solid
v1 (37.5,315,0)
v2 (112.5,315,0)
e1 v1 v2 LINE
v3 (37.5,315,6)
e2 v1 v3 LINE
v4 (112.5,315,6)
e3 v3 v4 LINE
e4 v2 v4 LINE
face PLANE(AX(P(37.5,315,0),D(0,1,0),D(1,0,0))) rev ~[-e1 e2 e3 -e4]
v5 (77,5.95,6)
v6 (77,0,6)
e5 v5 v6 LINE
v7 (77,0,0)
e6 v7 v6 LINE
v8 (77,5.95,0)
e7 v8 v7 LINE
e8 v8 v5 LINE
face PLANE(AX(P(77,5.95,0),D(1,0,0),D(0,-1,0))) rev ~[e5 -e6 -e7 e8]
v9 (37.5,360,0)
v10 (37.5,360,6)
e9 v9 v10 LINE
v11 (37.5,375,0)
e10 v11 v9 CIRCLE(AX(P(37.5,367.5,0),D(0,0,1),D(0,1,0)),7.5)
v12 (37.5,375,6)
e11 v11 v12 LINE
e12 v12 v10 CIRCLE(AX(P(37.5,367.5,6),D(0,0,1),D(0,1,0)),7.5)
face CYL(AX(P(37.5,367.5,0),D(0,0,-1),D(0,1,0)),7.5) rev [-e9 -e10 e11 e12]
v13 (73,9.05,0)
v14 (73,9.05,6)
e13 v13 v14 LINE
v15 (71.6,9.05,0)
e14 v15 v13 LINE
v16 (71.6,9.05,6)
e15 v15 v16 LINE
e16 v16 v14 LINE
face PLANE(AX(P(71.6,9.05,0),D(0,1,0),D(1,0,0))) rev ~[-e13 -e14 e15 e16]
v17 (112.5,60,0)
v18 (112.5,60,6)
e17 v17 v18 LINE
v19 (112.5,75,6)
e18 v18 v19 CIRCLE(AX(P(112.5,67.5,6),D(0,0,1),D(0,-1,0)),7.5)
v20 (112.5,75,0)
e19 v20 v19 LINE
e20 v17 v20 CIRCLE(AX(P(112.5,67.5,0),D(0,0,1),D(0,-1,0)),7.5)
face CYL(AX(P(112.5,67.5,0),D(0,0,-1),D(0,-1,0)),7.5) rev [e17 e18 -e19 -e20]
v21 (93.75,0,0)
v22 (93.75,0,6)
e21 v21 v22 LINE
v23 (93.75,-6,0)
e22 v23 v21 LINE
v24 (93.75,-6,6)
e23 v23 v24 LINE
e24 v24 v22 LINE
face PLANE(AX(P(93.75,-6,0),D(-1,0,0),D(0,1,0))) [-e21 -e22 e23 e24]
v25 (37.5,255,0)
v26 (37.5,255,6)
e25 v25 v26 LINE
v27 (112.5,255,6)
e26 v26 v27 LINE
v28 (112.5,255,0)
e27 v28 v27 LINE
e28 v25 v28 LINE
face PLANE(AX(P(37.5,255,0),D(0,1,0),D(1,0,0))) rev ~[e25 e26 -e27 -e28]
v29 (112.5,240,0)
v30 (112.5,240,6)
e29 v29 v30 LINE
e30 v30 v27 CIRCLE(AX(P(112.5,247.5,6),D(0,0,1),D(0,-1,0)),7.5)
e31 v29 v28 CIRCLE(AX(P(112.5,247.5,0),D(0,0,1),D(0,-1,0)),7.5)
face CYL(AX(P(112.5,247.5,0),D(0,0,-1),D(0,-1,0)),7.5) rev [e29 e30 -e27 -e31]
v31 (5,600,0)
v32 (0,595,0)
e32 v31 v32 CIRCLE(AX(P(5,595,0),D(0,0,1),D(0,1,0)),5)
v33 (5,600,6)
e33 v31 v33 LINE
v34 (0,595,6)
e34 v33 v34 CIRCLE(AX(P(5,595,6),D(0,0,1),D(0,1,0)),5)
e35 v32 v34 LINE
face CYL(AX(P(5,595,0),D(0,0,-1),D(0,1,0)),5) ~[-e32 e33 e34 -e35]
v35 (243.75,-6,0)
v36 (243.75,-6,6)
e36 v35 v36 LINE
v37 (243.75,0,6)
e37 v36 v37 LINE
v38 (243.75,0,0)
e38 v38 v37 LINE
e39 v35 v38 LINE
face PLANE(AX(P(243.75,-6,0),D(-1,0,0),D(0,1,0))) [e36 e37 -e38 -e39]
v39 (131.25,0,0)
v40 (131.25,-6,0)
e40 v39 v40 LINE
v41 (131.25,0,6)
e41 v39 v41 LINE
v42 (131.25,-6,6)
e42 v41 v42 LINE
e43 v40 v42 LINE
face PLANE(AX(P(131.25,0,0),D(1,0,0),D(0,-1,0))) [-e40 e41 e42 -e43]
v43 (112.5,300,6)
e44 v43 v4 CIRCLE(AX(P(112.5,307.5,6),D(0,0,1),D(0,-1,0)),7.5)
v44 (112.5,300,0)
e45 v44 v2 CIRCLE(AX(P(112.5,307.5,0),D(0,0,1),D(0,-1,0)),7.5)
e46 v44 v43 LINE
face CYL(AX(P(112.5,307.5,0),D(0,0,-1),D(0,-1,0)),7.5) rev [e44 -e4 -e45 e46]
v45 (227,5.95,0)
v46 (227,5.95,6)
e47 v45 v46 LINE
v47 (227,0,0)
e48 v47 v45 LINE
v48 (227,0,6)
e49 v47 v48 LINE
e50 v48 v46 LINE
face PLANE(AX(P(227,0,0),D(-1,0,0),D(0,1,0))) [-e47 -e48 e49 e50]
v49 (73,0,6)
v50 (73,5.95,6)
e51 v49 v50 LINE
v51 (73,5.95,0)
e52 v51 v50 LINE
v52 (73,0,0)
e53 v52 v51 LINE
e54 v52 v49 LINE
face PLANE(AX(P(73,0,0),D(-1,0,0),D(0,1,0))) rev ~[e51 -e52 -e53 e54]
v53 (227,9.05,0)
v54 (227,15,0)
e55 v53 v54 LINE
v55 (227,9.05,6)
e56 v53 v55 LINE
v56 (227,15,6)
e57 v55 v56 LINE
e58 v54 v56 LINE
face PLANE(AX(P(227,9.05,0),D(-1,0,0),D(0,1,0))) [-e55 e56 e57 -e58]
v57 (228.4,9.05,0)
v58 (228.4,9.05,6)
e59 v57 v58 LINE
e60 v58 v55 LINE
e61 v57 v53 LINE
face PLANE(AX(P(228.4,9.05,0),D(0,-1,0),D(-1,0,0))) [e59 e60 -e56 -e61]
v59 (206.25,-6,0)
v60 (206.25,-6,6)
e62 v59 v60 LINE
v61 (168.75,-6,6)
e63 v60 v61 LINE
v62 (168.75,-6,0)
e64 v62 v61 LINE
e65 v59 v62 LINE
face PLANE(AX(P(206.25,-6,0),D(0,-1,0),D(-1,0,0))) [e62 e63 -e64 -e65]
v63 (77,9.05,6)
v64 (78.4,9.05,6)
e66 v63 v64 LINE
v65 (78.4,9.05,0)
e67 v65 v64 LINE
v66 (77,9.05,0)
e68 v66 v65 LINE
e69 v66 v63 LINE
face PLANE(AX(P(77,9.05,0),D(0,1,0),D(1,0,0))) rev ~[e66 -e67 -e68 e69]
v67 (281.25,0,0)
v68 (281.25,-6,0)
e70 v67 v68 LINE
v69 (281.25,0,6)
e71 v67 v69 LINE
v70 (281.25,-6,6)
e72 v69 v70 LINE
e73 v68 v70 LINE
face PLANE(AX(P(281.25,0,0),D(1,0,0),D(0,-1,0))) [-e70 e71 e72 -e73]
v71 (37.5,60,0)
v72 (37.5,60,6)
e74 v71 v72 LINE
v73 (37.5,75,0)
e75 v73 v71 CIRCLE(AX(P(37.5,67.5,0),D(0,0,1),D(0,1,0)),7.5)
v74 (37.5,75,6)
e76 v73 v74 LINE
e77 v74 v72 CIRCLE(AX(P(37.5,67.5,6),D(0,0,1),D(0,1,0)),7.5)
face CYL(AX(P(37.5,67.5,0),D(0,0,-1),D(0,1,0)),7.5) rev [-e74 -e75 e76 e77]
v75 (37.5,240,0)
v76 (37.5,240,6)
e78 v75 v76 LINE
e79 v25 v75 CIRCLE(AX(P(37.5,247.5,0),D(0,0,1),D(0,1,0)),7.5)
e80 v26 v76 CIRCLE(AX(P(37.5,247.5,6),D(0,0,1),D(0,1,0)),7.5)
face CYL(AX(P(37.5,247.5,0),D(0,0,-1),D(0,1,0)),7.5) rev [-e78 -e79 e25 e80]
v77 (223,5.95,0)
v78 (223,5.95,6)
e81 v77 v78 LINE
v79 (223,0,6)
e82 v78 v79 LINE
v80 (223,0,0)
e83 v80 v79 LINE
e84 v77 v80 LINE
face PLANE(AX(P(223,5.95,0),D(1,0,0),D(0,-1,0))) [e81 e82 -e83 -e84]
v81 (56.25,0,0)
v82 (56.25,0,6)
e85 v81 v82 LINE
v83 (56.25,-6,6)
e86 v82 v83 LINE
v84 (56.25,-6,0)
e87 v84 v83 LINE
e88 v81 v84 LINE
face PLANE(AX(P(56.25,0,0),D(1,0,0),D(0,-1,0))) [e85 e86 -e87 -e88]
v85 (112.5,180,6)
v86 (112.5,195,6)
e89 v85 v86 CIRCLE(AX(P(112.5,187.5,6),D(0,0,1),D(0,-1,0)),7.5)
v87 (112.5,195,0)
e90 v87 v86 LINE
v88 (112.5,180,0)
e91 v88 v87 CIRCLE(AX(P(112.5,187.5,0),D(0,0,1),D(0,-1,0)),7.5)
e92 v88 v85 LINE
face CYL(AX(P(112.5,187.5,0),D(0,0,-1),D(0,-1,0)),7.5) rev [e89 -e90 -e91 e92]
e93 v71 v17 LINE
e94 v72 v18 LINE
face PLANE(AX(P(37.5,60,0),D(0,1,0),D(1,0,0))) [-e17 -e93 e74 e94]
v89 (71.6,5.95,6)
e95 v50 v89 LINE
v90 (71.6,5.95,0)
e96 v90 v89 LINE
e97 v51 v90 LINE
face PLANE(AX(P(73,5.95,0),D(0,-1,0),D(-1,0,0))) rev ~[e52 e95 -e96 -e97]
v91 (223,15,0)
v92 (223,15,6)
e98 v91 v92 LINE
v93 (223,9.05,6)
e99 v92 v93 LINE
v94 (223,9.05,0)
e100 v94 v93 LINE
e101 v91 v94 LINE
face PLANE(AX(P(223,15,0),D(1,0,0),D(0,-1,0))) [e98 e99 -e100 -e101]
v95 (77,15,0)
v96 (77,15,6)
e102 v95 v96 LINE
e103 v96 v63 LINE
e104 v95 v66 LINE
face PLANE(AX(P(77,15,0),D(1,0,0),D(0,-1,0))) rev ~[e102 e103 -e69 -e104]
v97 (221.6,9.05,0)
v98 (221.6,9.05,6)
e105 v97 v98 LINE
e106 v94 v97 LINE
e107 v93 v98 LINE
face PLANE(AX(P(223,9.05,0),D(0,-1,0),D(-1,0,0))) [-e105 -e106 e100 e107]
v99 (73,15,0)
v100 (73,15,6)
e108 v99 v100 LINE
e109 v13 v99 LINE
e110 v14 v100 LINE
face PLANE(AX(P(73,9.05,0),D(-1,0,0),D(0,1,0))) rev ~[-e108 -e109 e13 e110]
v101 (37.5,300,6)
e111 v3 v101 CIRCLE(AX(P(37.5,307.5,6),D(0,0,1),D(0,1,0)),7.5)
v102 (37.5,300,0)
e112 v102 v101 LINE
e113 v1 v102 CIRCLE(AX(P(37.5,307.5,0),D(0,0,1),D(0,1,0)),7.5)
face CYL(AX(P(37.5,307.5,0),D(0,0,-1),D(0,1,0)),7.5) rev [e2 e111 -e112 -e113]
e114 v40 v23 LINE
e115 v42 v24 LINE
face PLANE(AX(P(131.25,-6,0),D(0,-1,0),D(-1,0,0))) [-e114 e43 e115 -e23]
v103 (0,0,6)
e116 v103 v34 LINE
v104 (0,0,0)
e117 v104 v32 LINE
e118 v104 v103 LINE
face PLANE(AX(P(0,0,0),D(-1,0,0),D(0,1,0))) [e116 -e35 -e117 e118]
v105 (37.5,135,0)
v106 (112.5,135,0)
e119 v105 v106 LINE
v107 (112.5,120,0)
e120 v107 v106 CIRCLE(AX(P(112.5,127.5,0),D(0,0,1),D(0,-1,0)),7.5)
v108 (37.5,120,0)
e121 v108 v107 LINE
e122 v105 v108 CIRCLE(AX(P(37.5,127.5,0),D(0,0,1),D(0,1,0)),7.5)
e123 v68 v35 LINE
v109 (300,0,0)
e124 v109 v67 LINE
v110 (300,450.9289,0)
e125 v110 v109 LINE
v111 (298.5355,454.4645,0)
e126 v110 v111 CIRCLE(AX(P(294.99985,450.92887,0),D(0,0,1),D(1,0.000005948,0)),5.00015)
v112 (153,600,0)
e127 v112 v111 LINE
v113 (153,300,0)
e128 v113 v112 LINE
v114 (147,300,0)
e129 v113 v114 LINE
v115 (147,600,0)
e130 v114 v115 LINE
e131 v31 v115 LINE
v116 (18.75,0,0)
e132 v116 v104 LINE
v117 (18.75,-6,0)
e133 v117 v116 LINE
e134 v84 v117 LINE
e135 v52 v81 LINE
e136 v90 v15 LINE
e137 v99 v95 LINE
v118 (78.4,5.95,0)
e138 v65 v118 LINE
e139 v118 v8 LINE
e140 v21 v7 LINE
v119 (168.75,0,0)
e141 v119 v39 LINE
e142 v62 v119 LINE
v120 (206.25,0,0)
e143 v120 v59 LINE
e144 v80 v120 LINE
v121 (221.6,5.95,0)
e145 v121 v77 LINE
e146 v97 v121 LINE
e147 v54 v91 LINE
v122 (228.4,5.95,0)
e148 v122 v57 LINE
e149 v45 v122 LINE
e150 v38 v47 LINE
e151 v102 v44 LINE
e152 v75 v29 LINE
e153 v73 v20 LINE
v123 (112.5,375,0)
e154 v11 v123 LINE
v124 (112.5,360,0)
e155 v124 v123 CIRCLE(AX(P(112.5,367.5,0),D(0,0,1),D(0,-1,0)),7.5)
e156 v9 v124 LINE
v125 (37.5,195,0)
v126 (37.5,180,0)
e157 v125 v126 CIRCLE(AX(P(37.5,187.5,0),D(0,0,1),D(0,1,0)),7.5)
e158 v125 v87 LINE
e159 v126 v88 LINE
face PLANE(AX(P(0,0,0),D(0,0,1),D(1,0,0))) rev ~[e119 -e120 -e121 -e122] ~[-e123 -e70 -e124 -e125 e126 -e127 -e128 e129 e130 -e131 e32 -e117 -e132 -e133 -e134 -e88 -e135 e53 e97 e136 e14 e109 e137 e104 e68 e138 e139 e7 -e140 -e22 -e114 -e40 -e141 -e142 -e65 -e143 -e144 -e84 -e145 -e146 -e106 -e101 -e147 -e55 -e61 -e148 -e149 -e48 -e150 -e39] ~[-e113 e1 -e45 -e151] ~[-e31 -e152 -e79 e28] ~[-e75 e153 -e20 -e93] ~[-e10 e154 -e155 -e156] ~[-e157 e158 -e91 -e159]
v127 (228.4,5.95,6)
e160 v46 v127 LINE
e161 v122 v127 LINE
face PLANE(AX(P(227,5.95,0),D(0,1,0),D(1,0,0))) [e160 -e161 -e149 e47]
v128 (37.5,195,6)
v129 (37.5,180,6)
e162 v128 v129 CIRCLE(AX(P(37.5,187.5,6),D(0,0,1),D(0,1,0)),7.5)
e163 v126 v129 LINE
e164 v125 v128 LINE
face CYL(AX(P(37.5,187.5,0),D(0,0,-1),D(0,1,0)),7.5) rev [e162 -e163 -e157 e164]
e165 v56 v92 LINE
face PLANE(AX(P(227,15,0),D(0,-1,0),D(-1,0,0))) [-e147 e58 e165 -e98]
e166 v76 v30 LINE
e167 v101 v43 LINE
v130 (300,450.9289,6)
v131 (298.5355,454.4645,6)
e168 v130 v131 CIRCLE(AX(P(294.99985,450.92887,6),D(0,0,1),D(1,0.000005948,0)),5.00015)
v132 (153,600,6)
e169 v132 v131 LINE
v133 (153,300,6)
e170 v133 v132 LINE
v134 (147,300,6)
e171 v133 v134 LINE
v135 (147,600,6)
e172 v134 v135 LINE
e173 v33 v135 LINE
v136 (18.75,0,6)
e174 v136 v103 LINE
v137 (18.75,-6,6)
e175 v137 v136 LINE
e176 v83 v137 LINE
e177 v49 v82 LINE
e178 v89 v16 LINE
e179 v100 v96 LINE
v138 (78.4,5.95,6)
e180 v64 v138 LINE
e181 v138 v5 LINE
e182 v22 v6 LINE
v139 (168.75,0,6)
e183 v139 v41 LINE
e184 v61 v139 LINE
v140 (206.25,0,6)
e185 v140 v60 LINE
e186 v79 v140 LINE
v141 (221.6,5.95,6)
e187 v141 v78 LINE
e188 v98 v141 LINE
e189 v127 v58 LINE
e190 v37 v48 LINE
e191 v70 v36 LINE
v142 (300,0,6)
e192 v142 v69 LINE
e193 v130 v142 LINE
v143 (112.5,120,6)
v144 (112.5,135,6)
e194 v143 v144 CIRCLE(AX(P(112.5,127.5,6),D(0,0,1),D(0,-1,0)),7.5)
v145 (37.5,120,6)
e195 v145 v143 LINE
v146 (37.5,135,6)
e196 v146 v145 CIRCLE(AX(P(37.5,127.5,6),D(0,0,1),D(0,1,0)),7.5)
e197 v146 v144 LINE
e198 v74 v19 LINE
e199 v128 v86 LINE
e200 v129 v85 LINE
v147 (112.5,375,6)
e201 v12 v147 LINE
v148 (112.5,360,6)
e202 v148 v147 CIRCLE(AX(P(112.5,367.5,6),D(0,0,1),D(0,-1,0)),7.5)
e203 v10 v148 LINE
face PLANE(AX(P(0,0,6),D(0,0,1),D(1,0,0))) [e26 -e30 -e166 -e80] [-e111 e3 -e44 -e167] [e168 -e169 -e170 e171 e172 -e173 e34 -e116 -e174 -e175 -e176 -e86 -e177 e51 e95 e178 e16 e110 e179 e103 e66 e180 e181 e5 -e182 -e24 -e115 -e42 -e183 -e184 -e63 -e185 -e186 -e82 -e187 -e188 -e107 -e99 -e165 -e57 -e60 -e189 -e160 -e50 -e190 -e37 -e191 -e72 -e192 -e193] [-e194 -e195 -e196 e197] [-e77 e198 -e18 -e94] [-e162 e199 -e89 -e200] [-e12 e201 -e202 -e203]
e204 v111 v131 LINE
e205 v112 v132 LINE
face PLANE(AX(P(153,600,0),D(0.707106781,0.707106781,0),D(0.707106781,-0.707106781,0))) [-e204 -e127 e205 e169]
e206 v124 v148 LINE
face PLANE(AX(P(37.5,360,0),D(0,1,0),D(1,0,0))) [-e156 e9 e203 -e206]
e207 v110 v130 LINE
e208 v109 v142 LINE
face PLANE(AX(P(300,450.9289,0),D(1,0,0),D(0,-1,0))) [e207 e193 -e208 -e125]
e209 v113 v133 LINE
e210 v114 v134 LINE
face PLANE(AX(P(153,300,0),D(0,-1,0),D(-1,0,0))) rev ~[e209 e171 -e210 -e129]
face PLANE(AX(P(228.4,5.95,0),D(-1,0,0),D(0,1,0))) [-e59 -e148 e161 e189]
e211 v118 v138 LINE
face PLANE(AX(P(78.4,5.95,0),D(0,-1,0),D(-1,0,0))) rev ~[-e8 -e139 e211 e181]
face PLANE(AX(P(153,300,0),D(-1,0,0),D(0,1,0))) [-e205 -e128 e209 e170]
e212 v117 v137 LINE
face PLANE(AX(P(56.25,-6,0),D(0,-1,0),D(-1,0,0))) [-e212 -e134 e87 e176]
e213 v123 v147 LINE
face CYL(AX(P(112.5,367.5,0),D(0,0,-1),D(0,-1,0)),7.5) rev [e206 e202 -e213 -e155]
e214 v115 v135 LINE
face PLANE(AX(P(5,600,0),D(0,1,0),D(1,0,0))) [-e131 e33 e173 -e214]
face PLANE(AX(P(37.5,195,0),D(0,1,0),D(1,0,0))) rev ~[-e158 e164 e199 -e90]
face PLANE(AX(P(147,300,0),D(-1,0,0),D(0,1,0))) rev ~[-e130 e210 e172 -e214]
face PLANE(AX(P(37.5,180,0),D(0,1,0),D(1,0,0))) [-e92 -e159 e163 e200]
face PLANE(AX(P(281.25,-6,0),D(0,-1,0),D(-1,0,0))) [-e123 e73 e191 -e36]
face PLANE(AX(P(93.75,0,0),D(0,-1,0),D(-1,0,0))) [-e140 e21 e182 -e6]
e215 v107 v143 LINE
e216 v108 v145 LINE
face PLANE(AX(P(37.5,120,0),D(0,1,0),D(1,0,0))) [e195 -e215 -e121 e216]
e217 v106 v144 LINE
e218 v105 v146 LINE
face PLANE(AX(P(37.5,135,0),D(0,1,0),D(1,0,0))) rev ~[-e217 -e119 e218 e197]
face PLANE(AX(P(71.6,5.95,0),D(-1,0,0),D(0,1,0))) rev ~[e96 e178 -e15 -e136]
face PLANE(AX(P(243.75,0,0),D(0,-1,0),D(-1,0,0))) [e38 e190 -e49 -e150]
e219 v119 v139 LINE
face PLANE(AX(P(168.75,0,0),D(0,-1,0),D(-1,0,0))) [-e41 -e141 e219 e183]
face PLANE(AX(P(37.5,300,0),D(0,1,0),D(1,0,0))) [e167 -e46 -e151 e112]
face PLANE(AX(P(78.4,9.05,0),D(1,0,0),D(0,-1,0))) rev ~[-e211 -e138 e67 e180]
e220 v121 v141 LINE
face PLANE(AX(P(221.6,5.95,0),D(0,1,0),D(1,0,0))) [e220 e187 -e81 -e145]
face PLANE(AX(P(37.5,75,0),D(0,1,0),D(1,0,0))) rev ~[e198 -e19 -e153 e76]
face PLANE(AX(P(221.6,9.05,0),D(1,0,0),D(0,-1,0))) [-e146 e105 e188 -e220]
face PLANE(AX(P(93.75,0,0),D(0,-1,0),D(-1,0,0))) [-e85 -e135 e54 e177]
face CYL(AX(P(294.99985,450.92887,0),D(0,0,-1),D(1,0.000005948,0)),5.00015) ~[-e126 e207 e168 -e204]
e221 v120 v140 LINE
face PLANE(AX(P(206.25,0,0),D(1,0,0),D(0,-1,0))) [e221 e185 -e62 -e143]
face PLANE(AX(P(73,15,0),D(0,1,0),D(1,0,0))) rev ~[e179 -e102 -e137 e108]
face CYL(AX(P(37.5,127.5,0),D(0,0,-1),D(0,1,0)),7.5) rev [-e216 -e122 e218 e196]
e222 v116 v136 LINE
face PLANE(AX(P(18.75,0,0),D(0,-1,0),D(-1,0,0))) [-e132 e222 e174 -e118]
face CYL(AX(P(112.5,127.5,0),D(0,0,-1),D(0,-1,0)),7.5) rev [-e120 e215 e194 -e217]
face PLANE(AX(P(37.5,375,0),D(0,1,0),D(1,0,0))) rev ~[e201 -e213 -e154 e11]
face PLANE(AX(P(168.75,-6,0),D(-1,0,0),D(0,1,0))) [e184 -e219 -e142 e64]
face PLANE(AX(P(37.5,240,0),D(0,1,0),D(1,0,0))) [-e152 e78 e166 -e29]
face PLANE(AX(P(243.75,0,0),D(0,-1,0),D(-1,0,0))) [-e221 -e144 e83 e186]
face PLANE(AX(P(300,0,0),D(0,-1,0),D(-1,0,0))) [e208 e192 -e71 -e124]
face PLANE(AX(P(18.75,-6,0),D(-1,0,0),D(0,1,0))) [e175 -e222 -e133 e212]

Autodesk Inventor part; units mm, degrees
ref_plane "YZ Plane" through (0, 0, 0) normal (1, 0, 0) x (0, 1, 0)
ref_plane "XZ Plane" through (0, 0, 0) normal (0, 1, 0) x (-1, 0, 0)
ref_plane "XY Plane" through (0, 0, 0) normal (0, 0, 1) x (1, 0, 0)
sketch "Эскиз1" plane through (0, 0, 0) normal (0, 0, 1) x (1, 0, 0)
  line L0 (0, 0) -> (0, 595)
  line L1 (5, 600) -> (147, 600)
  line L2 (153, 600) -> (298.5355, 454.4645)
  line L3 (300, 450.9289) -> (300, 0)
  line L4 (300, 0) -> (281.25, 0)
  line L5 (281.25, 0) -> (281.25, -6)
  line L6 (281.25, -6) -> (243.75, -6)
  line L7 (243.75, -6) -> (243.75, 0)
  line L8 (243.75, 0) -> (206.25, 0)
  line L9 (206.25, 0) -> (206.25, -6)
  line L10 (206.25, -6) -> (168.75, -6)
  line L11 (168.75, -6) -> (168.75, 0)
  line L12 (168.75, 0) -> (131.25, 0)
  line L13 (131.25, 0) -> (131.25, -6)
  line L14 (131.25, -6) -> (93.75, -6)
  line L15 (93.75, -6) -> (93.75, 0)
  line L16 (93.75, 0) -> (56.25, 0)
  line L17 (56.25, 0) -> (56.25, -6)
  line L18 (56.25, -6) -> (18.75, -6)
  line L19 (18.75, -6) -> (18.75, 0)
  line L20 (18.75, 0) -> (0, 0)
  line L21 (18.75, 0) -> (-18.75, 0) construction
  line L22 (281.25, 0) -> (318.75, 0) construction
  line L23 (153, 600) -> (147, 600) construction
  line L24 (150, 600) -> (150, 0) construction
  line L25 (0, 300) -> (150, 300) construction
  line L26 (150, 300) -> (300, 300) construction
  arc A0 (37.5, 375) -> (37.5, 360) centre (37.5, 367.5) ccw
  line L27 (37.5, 360) -> (112.5, 360)
  line L28 (37.5, 375) -> (112.5, 375)
  line L29 (75, 375) -> (75, 360) construction
  arc A1 (112.5, 360) -> (112.5, 375) centre (112.5, 367.5) ccw
  line L30 (37.5, 367.5) -> (0, 367.5) construction
  line L31 (112.5, 367.5) -> (150, 367.5) construction
  line L32 (37.5, 300) -> (112.5, 300)
  arc A2 (112.5, 300) -> (112.5, 315) centre (112.5, 307.5) ccw
  line L33 (37.5, 315) -> (112.5, 315)
  arc A3 (37.5, 315) -> (37.5, 300) centre (37.5, 307.5) ccw
  line L34 (37.5, 240) -> (112.5, 240)
  arc A4 (112.5, 240) -> (112.5, 255) centre (112.5, 247.5) ccw
  line L35 (37.5, 255) -> (112.5, 255)
  arc A5 (37.5, 255) -> (37.5, 240) centre (37.5, 247.5) ccw
  line L36 (37.5, 180) -> (112.5, 180)
  arc A6 (112.5, 180) -> (112.5, 195) centre (112.5, 187.5) ccw
  line L37 (37.5, 195) -> (112.5, 195)
  arc A7 (37.5, 195) -> (37.5, 180) centre (37.5, 187.5) ccw
  line L38 (37.5, 120) -> (112.5, 120)
  arc A8 (112.5, 120) -> (112.5, 135) centre (112.5, 127.5) ccw
  line L39 (37.5, 135) -> (112.5, 135)
  arc A9 (37.5, 135) -> (37.5, 120) centre (37.5, 127.5) ccw
  line L40 (37.5, 60) -> (112.5, 60)
  arc A10 (112.5, 60) -> (112.5, 75) centre (112.5, 67.5) ccw
  line L41 (37.5, 75) -> (112.5, 75)
  arc A11 (37.5, 75) -> (37.5, 60) centre (37.5, 67.5) ccw
  line L42 (153, 300) -> (147, 300)
  line L43 (153, 300) -> (153, 600)
  line L44 (147, 300) -> (147, 600)
  arc A12 (300, 450.9289) -> (298.5355, 454.4645) centre (295, 450.9289) ccw
  arc A13 (5, 600) -> (0, 595) centre (5, 595) ccw
  point P0 (0, 600)
  point P1 (300, 453)
  point P2 (75, 300)
  point P3 (75, 315)
  point P4 (75, 240)
  point P5 (75, 255)
  point P6 (75, 180)
  point P7 (75, 195)
  point P8 (75, 120)
  point P9 (75, 135)
  point P10 (75, 60)
  point P11 (75, 75)
  dimension "d0" = 6
  dimension "d1" = 300
  dimension "d3" = 135
  dimension "d4" = 153
  dimension "d7" = 15
  dimension "d8" = 75
  dimension "d9" = 225
  dimension "d12" = 60
  dimension "d17" = 6
  dimension "d18" = 5
  dimension "d19" = 5
  dimension "d20" = 600
extrude "Корпус" add sketch "Эскиз1" along normal blind 6
sketch "Эскиз2" plane through (0, 0, 0) normal (0, 0, -1) x (-1, 0, 0)
  line L0 (-227, -6) -> (-227, 0) construction
  line L1 (-223, -6) -> (-223, 0) construction
  line L2 (-227, 0) -> (-227, 5.95)
  line L3 (-227, 5.95) -> (-228.4, 5.95)
  line L4 (-228.4, 5.95) -> (-228.4, 9.05)
  line L5 (-228.4, 9.05) -> (-227, 9.05)
  line L6 (-227, 9.05) -> (-227, 15)
  line L7 (-227, 15) -> (-223, 15)
  line L8 (-223, 15) -> (-223, 9.05)
  line L9 (-223, 9.05) -> (-221.6, 9.05)
  line L10 (-221.6, 9.05) -> (-221.6, 5.95)
  line L11 (-221.6, 5.95) -> (-223, 5.95)
  line L12 (-223, 5.95) -> (-223, 0)
  line L13 (-153, 55) -> (-153, 595) construction
  line L14 (-147, 55) -> (-147, 595) construction
  line L15 (-153, 595) -> (-147, 595) construction
  line L16 (-153, 55) -> (-147, 55) construction
  line L17 (-150, 595) -> (-150, 55) construction
  line L18 (-227, 0) -> (-223, 0)
  line L19 (-73, 0) -> (-73, 5.95)
  line L20 (-73, 5.95) -> (-71.6, 5.95)
  line L21 (-71.6, 5.95) -> (-71.6, 9.05)
  line L22 (-71.6, 9.05) -> (-73, 9.05)
  line L23 (-73, 9.05) -> (-73, 15)
  line L24 (-73, 15) -> (-77, 15)
  line L25 (-77, 15) -> (-77, 9.05)
  line L26 (-77, 9.05) -> (-78.4, 9.05)
  line L27 (-78.4, 9.05) -> (-78.4, 5.95)
  line L28 (-78.4, 5.95) -> (-77, 5.95)
  line L29 (-77, 5.95) -> (-77, 0)
  line L30 (-73, 0) -> (-77, 0)
  point P0 (0, 0)
  dimension "d21" = 15
  dimension "d22" = 3.1
  dimension "d23" = 6.8
extrude "Пазы" cut sketch "Эскиз2" against normal blind 6
equation "\"d4\" = 0.5 * d0 + 0.5 * d1"
equation "\"d8\" = 0.25 * d1"
equation "\"d9\" = 15 * d7"
equation "\"d12\" = 4 * d7"
equation "\"d17\" = d0"
equation "\"d5\" = d0"
equation "\"d24\" = d0"
properties part number "Korpus"
